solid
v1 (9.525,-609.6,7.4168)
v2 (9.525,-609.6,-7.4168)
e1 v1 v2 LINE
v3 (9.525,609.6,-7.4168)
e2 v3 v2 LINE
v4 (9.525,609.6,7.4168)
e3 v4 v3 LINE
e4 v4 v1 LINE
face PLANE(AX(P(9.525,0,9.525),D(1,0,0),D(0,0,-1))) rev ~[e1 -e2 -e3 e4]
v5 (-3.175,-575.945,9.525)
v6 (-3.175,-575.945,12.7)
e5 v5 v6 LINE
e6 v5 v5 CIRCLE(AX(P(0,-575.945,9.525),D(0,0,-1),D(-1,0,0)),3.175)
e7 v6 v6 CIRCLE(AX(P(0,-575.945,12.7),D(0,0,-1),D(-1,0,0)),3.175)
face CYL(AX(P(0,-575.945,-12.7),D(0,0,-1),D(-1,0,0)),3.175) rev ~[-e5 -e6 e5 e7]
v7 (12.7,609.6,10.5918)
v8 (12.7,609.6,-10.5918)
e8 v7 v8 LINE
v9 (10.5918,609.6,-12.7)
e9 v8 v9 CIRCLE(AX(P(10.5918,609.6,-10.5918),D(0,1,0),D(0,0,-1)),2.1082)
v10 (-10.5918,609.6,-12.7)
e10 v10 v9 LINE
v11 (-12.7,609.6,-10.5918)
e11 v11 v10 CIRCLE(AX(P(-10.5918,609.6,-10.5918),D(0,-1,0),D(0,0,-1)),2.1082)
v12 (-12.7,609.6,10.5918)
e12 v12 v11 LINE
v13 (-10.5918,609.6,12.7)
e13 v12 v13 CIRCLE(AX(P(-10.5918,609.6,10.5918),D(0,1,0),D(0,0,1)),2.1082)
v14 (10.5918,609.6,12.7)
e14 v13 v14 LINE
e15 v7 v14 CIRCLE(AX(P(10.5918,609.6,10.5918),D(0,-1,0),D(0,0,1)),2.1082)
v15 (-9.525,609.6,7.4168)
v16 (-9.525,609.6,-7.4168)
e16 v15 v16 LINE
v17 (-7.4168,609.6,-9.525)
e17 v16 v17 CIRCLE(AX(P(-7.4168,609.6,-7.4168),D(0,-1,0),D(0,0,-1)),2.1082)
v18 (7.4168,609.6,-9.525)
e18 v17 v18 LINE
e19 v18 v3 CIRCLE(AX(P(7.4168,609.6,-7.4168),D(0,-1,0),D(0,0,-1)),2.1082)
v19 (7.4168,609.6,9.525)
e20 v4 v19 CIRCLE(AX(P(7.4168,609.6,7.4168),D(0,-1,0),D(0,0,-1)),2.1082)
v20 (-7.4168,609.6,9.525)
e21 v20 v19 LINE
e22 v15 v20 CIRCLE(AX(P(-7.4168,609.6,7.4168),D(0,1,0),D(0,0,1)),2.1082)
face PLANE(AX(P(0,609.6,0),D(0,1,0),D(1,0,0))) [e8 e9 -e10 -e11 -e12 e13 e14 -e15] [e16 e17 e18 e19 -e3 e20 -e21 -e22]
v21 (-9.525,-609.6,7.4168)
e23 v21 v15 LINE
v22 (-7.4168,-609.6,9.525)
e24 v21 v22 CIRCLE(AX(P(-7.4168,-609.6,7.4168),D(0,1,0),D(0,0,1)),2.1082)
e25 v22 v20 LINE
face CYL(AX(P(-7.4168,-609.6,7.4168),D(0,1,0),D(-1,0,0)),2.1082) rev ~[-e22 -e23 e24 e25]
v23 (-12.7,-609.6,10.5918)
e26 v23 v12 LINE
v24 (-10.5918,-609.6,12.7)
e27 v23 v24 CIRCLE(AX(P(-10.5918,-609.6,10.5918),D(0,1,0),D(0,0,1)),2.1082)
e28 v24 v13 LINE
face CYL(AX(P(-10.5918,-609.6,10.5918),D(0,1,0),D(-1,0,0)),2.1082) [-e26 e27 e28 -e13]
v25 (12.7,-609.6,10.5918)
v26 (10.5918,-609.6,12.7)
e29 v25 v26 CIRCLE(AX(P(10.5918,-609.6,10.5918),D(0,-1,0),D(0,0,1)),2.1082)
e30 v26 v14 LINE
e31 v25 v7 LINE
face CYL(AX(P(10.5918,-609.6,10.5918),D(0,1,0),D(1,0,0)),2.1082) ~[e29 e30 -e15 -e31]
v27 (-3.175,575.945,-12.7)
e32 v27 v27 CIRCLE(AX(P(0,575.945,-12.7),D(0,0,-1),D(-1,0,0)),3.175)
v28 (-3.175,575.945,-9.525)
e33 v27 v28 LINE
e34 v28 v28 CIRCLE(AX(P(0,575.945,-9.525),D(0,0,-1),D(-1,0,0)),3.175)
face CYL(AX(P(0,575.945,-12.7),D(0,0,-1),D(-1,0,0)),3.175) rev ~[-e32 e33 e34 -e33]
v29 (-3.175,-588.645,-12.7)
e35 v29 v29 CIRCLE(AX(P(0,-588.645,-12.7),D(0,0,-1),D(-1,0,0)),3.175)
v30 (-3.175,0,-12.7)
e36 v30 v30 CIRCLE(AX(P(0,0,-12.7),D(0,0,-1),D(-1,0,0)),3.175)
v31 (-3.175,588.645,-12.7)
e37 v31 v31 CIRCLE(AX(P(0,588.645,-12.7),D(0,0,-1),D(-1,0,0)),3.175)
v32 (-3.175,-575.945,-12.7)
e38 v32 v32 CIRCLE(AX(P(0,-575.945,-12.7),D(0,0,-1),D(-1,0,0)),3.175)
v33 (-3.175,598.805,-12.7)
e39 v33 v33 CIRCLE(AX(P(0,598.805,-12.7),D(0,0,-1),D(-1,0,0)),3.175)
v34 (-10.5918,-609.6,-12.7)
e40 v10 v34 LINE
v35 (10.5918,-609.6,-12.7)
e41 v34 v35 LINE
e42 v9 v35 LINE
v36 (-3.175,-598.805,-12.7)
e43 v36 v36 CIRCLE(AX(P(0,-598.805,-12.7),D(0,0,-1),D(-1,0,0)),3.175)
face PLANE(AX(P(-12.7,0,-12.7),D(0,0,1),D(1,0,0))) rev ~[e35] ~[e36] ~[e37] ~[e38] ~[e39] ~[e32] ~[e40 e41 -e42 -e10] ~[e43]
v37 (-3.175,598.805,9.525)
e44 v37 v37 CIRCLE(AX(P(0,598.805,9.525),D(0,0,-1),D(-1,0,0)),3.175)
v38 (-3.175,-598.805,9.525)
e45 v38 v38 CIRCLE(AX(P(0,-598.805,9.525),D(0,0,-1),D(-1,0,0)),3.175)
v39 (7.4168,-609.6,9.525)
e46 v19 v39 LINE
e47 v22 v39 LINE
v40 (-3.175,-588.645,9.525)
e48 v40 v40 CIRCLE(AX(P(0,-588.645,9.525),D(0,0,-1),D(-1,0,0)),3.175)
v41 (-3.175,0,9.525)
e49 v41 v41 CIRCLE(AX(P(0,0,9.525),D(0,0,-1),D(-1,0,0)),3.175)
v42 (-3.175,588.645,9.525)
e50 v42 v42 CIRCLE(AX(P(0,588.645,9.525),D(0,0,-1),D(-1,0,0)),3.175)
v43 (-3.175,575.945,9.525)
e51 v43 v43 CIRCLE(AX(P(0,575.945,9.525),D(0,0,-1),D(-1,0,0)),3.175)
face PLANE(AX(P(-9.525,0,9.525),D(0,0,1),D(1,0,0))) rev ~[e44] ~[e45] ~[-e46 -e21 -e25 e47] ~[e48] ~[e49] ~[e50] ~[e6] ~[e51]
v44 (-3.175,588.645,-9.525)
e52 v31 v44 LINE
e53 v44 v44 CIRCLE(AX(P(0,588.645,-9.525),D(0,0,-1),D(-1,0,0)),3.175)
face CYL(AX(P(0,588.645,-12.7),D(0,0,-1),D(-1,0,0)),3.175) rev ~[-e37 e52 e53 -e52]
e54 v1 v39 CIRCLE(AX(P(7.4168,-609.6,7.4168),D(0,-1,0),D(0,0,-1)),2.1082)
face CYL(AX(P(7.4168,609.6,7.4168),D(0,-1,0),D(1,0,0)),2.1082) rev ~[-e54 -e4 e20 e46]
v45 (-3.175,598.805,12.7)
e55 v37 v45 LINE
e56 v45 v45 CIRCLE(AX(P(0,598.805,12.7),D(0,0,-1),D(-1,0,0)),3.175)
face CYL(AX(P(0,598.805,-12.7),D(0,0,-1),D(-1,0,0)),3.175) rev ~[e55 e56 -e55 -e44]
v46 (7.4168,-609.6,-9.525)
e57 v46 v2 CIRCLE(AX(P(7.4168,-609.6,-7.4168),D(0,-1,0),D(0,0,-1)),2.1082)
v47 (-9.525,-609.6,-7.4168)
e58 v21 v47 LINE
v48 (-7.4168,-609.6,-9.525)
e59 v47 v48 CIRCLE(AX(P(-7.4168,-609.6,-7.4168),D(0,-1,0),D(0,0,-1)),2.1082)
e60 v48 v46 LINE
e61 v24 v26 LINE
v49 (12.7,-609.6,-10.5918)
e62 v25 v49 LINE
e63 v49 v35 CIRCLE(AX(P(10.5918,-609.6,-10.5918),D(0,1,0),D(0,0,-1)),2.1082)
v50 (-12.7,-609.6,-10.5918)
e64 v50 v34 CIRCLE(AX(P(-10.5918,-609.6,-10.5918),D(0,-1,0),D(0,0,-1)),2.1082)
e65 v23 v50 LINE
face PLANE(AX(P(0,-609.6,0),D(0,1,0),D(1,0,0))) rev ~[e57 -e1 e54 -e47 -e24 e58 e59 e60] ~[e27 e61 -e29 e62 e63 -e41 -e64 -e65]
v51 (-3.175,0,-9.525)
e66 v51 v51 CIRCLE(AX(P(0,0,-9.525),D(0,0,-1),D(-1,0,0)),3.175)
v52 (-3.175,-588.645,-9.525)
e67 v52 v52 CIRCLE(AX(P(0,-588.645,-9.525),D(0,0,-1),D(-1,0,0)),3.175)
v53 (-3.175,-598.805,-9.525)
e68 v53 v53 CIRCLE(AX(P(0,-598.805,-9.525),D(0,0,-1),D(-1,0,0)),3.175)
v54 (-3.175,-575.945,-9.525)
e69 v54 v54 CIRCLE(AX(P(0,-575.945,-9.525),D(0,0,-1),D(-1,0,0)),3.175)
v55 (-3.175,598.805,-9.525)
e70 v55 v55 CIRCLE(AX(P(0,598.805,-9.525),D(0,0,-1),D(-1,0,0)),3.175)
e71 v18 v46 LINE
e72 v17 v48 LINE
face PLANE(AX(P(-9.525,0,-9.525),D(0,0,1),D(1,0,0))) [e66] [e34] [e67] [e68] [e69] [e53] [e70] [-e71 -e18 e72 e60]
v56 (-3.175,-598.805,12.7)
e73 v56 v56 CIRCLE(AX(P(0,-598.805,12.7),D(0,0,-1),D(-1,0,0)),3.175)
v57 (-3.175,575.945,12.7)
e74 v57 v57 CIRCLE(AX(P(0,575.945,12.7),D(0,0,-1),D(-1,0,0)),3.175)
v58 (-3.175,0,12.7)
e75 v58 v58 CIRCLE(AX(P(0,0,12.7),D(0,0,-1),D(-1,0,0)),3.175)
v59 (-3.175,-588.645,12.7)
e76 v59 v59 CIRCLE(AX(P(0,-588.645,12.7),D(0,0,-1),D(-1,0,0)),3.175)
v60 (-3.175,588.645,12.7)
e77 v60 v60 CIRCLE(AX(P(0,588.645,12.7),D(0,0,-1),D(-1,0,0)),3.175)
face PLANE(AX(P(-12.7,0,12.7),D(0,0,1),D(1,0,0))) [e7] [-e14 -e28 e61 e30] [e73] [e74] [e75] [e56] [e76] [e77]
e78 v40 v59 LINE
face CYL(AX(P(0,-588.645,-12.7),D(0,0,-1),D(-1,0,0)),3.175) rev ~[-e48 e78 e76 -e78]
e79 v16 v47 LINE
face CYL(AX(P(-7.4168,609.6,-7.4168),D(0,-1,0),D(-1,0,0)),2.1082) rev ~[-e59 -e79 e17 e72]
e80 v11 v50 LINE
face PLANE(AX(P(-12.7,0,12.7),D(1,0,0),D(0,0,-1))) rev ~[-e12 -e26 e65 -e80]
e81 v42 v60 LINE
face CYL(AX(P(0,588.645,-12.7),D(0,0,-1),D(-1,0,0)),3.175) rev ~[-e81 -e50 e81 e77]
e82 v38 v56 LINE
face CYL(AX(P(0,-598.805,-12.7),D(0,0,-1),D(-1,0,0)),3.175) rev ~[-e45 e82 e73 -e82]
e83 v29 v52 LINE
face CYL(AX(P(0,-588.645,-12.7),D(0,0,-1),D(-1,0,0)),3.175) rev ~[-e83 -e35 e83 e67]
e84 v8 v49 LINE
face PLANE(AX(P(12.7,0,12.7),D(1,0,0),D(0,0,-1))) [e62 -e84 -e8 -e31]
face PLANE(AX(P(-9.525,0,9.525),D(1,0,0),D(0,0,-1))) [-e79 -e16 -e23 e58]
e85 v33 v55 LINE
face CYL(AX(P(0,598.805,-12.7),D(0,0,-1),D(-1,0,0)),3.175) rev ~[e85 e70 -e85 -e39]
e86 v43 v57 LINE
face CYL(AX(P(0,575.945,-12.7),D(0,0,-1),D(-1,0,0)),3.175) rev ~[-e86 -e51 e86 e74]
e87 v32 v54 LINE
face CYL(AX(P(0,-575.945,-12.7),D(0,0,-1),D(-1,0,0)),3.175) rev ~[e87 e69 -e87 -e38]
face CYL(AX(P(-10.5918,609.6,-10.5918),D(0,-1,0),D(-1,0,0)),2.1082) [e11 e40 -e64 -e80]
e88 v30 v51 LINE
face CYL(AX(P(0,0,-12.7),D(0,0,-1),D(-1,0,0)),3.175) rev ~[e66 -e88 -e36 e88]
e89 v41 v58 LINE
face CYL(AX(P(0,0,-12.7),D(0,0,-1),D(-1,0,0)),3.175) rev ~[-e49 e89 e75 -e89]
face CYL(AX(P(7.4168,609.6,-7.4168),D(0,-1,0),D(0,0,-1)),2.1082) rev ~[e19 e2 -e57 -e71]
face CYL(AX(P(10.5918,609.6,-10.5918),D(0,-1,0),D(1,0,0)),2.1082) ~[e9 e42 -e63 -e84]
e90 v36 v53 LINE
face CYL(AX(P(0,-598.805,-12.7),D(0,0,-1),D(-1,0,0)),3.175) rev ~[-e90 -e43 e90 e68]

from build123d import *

# Parameters (mm, degrees)
SKETCH1_W           = 25.4
SKETCH1_H           = 25.4
SKETCH1_W_2         = 19.05
SKETCH1_H_2         = 19.05
BOSS_EXTRUDE1_DEPTH = 609.6
FILLET1_R           = 2.1082
SKETCH6_R           = 3.175
CUT_EXTRUDE5_DEPTH  = 611.261099858
SKETCH7_R           = 3.175
CUT_EXTRUDE6_DEPTH  = 611.261099858


with BuildPart() as part:
    # Sketch1 → Boss-Extrude1 (new, symmetric)
    with BuildSketch(Plane(origin=(0, 0, 0), x_dir=(1, 0, 0), z_dir=(0, 1, 0))):
        Rectangle(SKETCH1_W, SKETCH1_H)
        Rectangle(SKETCH1_W_2, SKETCH1_H_2, mode=Mode.SUBTRACT)
    extrude(amount=BOSS_EXTRUDE1_DEPTH, both=True)

    # Fillet1
    fillet1_edges = [part.edges().sort_by_distance(p)[0] for p in [
        (9.525, 0, 9.525),
        (9.525, 0, -9.525),
        (-9.525, 0, -9.525),
        (-9.525, 0, 9.525),
        (-12.7, 0, -12.7),
        (12.7, 0, -12.7),
        (12.7, 0, 12.7),
        (-12.7, 0, 12.7),
    ]]
    fillet(fillet1_edges, radius=FILLET1_R)

    # Sketch6 → Cut-Extrude5 (cut, through all)
    with BuildSketch(Plane(origin=(0, 0, -12.7), x_dir=(-1, 0, 0), z_dir=(0, 0, -1))):
        with Locations((0, -598.805)):
            Circle(SKETCH6_R)
        with Locations((0, -588.645)):
            Circle(SKETCH6_R)
        with Locations((0, -575.945)):
            Circle(SKETCH6_R)
        with Locations((0, 598.805)):
            Circle(SKETCH6_R)
        with Locations((0, 588.645)):
            Circle(SKETCH6_R)
        with Locations((0, 575.945)):
            Circle(SKETCH6_R)
    extrude(amount=-CUT_EXTRUDE5_DEPTH, mode=Mode.SUBTRACT)

    # Sketch7 → Cut-Extrude6 (cut, through all)
    with BuildSketch(Plane(origin=(0, 0, -12.7), x_dir=(-1, 0, 0), z_dir=(0, 0, -1))):
        Circle(SKETCH7_R)
    extrude(amount=-CUT_EXTRUDE6_DEPTH, mode=Mode.SUBTRACT)


solid = part.part
